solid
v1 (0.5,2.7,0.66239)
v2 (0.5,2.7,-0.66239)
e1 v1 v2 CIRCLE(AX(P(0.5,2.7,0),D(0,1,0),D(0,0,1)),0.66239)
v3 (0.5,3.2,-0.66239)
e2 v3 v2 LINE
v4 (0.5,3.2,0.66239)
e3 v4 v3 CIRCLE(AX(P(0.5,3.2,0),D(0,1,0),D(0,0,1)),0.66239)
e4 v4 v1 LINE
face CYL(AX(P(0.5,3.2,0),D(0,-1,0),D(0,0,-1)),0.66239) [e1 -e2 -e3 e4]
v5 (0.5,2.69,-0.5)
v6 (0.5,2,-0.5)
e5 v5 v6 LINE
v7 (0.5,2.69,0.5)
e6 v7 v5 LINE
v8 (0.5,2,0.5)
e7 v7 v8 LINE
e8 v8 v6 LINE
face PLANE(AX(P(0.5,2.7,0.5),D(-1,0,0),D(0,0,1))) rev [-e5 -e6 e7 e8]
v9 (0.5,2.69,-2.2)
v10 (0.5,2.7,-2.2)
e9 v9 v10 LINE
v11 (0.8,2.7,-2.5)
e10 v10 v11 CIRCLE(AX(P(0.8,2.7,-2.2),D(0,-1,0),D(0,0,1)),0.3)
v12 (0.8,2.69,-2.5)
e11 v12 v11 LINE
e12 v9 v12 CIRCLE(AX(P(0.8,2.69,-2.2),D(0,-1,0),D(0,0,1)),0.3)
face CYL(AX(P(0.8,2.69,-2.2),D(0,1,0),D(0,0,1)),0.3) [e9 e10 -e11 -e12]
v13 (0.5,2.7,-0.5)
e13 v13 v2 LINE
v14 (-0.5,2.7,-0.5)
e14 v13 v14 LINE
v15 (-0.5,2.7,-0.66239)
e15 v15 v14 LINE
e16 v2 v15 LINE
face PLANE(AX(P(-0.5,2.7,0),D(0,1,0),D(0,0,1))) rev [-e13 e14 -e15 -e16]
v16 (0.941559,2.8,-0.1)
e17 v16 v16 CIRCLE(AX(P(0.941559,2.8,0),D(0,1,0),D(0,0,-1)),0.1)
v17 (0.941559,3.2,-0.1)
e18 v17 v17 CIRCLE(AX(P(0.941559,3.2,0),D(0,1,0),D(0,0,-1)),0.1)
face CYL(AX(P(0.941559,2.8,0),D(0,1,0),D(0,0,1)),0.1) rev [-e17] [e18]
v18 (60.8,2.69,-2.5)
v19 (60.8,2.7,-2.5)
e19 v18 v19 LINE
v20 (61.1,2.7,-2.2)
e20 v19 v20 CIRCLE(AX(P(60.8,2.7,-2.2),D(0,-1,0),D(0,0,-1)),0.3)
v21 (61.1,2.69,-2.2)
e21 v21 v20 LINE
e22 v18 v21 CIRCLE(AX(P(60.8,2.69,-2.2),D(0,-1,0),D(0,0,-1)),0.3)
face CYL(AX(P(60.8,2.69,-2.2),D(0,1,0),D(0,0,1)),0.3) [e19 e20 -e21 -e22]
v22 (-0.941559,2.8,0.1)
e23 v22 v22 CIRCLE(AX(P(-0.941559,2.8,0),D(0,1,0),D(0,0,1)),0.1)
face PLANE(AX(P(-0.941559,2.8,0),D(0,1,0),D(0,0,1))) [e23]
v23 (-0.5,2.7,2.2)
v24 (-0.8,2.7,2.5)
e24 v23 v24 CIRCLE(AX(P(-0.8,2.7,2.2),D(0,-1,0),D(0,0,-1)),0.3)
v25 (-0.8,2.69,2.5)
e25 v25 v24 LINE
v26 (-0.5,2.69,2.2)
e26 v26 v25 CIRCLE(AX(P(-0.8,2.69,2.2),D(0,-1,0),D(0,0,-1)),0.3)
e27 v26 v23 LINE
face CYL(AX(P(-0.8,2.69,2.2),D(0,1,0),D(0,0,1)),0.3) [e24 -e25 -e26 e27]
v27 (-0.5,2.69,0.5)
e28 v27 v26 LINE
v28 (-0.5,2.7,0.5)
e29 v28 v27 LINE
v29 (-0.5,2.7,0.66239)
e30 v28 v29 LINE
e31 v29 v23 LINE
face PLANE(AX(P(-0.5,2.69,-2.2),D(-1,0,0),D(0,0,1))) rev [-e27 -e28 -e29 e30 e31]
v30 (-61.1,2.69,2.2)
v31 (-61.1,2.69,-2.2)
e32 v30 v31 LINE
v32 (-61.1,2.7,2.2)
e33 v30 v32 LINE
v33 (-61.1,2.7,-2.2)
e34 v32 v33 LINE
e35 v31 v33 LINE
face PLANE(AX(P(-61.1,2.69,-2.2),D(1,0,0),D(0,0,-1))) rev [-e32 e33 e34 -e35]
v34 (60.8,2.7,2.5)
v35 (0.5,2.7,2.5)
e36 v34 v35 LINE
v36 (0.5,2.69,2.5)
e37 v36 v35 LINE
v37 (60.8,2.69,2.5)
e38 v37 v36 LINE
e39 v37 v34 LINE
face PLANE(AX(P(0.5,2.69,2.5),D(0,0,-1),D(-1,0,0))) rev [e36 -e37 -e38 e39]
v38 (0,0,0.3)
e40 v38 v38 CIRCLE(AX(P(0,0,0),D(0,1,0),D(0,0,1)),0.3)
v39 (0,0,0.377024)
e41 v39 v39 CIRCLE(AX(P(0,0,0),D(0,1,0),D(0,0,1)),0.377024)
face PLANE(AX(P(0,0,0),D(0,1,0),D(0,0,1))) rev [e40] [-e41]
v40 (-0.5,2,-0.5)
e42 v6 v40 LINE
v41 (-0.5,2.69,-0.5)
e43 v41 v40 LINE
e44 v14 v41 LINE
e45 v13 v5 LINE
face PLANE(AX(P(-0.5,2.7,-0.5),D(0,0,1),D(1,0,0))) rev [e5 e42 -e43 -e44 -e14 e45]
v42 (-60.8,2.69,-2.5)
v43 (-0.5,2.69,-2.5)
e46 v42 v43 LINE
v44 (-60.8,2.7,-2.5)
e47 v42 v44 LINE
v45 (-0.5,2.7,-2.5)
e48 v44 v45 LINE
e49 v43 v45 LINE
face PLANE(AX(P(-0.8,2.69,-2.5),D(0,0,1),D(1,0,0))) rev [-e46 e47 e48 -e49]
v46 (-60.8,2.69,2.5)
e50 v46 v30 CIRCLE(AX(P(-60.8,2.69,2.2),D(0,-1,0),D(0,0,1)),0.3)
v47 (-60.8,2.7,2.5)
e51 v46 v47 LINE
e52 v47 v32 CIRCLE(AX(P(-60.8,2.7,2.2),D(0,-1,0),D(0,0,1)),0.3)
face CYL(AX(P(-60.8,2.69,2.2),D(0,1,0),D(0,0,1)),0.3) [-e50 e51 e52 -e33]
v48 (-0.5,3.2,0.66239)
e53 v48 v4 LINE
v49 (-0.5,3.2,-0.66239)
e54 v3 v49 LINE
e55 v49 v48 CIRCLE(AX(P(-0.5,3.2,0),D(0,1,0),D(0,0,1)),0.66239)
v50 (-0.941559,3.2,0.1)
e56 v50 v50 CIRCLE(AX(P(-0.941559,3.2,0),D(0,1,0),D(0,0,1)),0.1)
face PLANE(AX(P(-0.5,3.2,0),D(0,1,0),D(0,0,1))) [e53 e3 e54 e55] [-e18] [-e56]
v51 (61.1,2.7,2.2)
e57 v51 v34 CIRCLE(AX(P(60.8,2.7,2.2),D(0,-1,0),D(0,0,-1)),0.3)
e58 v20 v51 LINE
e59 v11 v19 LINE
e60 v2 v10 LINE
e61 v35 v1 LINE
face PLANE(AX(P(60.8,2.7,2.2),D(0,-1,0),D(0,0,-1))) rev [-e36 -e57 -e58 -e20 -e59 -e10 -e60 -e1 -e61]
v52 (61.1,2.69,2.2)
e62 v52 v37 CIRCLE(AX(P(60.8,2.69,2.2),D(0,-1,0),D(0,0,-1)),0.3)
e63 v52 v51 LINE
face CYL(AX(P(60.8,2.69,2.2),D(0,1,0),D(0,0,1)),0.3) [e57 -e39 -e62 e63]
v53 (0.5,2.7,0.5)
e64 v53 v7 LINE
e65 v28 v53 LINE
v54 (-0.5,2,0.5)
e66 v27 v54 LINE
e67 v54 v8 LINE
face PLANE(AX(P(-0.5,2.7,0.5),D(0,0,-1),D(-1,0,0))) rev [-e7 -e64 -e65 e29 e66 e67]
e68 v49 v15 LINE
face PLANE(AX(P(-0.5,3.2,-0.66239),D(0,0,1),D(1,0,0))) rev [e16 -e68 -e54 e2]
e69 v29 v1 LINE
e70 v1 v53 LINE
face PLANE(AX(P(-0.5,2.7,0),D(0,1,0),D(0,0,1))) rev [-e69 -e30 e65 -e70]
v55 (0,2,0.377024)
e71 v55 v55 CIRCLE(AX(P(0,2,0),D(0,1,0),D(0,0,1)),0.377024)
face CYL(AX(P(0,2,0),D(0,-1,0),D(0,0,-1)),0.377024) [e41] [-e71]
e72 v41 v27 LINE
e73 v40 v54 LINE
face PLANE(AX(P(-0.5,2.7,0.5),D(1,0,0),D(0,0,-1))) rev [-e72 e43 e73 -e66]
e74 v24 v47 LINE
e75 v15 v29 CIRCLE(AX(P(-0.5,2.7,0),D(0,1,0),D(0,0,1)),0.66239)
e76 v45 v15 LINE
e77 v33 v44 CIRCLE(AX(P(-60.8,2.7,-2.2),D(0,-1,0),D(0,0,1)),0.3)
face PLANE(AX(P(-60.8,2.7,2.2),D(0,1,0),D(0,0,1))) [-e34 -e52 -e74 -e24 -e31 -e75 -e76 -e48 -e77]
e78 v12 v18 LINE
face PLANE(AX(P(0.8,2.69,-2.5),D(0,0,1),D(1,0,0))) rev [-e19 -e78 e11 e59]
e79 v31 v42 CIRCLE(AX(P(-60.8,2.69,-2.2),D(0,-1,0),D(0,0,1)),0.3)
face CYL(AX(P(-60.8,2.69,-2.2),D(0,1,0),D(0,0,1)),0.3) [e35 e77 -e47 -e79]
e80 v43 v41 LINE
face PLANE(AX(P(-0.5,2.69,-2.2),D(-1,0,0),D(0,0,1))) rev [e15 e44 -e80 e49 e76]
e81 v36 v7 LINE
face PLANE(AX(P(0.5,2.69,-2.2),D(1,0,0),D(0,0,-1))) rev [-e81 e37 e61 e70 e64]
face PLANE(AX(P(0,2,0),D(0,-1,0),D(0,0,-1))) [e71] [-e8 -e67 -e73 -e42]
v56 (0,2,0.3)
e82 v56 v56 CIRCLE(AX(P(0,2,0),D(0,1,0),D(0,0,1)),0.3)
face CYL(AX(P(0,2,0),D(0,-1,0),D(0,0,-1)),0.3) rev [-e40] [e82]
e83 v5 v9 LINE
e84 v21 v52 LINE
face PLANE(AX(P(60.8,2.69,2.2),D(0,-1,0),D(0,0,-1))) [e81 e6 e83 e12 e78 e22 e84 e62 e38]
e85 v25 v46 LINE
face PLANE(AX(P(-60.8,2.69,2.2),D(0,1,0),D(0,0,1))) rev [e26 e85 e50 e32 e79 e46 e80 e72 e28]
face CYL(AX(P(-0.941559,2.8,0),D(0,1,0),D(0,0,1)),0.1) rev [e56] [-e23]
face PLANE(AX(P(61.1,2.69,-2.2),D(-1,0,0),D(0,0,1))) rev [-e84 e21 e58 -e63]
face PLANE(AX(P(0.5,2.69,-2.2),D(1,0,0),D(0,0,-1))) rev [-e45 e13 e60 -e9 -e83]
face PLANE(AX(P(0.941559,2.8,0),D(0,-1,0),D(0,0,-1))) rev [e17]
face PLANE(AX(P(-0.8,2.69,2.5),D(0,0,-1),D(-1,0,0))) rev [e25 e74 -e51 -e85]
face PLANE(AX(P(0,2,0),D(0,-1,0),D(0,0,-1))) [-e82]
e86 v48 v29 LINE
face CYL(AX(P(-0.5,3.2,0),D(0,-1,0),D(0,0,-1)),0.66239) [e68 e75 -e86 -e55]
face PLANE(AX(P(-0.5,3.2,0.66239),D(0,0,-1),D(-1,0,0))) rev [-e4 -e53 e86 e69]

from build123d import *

# Parameters (mm, degrees)
SKETCH1_R           = 0.37702405
SKETCH1_R_2         = 0.3
BOSS_EXTRUDE1_DEPTH = 2
SKETCH2_W           = 1
SKETCH2_H           = 1
BOSS_EXTRUDE2_DEPTH = 0.7
BOSS_EXTRUDE3_DEPTH = 0.5
SKETCH4_R           = 0.1
CUT_EXTRUDE2_DEPTH  = 0.4
BOSS_EXTRUDE4_DEPTH = 0.01


with BuildPart() as part:
    # Sketch1 → Boss-Extrude1 (new body)
    with BuildSketch(Plane(origin=(0, 0, 0), x_dir=(1, 0, 0), z_dir=(0, 1, 0))):
        Circle(SKETCH1_R)
        Circle(SKETCH1_R_2, mode=Mode.SUBTRACT)
    extrude(amount=BOSS_EXTRUDE1_DEPTH)

    # Sketch2 → Boss-Extrude2 (add)
    with BuildSketch(Plane(origin=(0, 2, 0), x_dir=(1, 0, 0), z_dir=(0, 1, 0))):
        Rectangle(SKETCH2_W, SKETCH2_H)
    extrude(amount=BOSS_EXTRUDE2_DEPTH)

    # Sketch3 → Boss-Extrude3 (add)
    with BuildSketch(Plane(origin=(0, 2.7, 0), x_dir=(1, 0, 0), z_dir=(0, 1, 0))):
        with BuildLine():
            Line((-0.5, 0.662390112), (0.5, 0.662390112))
            ThreePointArc((0.5, 0.662390112), (1.162390112, 0), (0.5, -0.662390112))
            Line((0.5, -0.662390112), (-0.5, -0.662390112))
            ThreePointArc((-0.5, -0.662390112), (-1.162390112, 0), (-0.5, 0.662390112))
        make_face()
    extrude(amount=BOSS_EXTRUDE3_DEPTH)

    # Sketch4 → Cut-Extrude2 (cut)
    with BuildSketch(Plane(origin=(0, 3.2, 0), x_dir=(1, 0, 0), z_dir=(0, 1, 0))):
        with Locations((-0.941559445, 0)):
            Circle(SKETCH4_R)
        with Locations((0.941559445, 0)):
            Circle(SKETCH4_R)
    extrude(amount=-CUT_EXTRUDE2_DEPTH, mode=Mode.SUBTRACT)

    # Sketch5 → Boss-Extrude4 (add)
    with BuildSketch(Plane.XZ.offset(-2.7)):
        with BuildLine():
            Line((0.8, -2.5), (60.8, -2.5))
            ThreePointArc((60.8, -2.5), (61.012132034, -2.412132034), (61.1, -2.2))
            Line((61.1, -2.2), (61.1, 2.2))
            ThreePointArc((61.1, 2.2), (61.012132034, 2.412132034), (60.8, 2.5))
            Line((60.8, 2.5), (0.5, 2.5))
            Line((0.5, 2.5), (0.5, -2.2))
            ThreePointArc((0.5, -2.2), (0.587867966, -2.412132034), (0.8, -2.5))
        make_face()
        with BuildLine():
            Line((-0.8, 2.5), (-60.8, 2.5))
            ThreePointArc((-60.8, 2.5), (-61.012132034, 2.412132034), (-61.1, 2.2))
            Line((-61.1, 2.2), (-61.1, -2.2))
            ThreePointArc((-61.1, -2.2), (-61.012132034, -2.412132034), (-60.8, -2.5))
            Line((-60.8, -2.5), (-0.8, -2.5))
            Line((-0.8, -2.5), (-0.5, -2.5))
            Line((-0.5, -2.5), (-0.5, -2.2))
            Line((-0.5, -2.2), (-0.5, 2.2))
            ThreePointArc((-0.5, 2.2), (-0.587867966, 2.412132034), (-0.8, 2.5))
        make_face()
    extrude(amount=BOSS_EXTRUDE4_DEPTH)


solid = part.part
